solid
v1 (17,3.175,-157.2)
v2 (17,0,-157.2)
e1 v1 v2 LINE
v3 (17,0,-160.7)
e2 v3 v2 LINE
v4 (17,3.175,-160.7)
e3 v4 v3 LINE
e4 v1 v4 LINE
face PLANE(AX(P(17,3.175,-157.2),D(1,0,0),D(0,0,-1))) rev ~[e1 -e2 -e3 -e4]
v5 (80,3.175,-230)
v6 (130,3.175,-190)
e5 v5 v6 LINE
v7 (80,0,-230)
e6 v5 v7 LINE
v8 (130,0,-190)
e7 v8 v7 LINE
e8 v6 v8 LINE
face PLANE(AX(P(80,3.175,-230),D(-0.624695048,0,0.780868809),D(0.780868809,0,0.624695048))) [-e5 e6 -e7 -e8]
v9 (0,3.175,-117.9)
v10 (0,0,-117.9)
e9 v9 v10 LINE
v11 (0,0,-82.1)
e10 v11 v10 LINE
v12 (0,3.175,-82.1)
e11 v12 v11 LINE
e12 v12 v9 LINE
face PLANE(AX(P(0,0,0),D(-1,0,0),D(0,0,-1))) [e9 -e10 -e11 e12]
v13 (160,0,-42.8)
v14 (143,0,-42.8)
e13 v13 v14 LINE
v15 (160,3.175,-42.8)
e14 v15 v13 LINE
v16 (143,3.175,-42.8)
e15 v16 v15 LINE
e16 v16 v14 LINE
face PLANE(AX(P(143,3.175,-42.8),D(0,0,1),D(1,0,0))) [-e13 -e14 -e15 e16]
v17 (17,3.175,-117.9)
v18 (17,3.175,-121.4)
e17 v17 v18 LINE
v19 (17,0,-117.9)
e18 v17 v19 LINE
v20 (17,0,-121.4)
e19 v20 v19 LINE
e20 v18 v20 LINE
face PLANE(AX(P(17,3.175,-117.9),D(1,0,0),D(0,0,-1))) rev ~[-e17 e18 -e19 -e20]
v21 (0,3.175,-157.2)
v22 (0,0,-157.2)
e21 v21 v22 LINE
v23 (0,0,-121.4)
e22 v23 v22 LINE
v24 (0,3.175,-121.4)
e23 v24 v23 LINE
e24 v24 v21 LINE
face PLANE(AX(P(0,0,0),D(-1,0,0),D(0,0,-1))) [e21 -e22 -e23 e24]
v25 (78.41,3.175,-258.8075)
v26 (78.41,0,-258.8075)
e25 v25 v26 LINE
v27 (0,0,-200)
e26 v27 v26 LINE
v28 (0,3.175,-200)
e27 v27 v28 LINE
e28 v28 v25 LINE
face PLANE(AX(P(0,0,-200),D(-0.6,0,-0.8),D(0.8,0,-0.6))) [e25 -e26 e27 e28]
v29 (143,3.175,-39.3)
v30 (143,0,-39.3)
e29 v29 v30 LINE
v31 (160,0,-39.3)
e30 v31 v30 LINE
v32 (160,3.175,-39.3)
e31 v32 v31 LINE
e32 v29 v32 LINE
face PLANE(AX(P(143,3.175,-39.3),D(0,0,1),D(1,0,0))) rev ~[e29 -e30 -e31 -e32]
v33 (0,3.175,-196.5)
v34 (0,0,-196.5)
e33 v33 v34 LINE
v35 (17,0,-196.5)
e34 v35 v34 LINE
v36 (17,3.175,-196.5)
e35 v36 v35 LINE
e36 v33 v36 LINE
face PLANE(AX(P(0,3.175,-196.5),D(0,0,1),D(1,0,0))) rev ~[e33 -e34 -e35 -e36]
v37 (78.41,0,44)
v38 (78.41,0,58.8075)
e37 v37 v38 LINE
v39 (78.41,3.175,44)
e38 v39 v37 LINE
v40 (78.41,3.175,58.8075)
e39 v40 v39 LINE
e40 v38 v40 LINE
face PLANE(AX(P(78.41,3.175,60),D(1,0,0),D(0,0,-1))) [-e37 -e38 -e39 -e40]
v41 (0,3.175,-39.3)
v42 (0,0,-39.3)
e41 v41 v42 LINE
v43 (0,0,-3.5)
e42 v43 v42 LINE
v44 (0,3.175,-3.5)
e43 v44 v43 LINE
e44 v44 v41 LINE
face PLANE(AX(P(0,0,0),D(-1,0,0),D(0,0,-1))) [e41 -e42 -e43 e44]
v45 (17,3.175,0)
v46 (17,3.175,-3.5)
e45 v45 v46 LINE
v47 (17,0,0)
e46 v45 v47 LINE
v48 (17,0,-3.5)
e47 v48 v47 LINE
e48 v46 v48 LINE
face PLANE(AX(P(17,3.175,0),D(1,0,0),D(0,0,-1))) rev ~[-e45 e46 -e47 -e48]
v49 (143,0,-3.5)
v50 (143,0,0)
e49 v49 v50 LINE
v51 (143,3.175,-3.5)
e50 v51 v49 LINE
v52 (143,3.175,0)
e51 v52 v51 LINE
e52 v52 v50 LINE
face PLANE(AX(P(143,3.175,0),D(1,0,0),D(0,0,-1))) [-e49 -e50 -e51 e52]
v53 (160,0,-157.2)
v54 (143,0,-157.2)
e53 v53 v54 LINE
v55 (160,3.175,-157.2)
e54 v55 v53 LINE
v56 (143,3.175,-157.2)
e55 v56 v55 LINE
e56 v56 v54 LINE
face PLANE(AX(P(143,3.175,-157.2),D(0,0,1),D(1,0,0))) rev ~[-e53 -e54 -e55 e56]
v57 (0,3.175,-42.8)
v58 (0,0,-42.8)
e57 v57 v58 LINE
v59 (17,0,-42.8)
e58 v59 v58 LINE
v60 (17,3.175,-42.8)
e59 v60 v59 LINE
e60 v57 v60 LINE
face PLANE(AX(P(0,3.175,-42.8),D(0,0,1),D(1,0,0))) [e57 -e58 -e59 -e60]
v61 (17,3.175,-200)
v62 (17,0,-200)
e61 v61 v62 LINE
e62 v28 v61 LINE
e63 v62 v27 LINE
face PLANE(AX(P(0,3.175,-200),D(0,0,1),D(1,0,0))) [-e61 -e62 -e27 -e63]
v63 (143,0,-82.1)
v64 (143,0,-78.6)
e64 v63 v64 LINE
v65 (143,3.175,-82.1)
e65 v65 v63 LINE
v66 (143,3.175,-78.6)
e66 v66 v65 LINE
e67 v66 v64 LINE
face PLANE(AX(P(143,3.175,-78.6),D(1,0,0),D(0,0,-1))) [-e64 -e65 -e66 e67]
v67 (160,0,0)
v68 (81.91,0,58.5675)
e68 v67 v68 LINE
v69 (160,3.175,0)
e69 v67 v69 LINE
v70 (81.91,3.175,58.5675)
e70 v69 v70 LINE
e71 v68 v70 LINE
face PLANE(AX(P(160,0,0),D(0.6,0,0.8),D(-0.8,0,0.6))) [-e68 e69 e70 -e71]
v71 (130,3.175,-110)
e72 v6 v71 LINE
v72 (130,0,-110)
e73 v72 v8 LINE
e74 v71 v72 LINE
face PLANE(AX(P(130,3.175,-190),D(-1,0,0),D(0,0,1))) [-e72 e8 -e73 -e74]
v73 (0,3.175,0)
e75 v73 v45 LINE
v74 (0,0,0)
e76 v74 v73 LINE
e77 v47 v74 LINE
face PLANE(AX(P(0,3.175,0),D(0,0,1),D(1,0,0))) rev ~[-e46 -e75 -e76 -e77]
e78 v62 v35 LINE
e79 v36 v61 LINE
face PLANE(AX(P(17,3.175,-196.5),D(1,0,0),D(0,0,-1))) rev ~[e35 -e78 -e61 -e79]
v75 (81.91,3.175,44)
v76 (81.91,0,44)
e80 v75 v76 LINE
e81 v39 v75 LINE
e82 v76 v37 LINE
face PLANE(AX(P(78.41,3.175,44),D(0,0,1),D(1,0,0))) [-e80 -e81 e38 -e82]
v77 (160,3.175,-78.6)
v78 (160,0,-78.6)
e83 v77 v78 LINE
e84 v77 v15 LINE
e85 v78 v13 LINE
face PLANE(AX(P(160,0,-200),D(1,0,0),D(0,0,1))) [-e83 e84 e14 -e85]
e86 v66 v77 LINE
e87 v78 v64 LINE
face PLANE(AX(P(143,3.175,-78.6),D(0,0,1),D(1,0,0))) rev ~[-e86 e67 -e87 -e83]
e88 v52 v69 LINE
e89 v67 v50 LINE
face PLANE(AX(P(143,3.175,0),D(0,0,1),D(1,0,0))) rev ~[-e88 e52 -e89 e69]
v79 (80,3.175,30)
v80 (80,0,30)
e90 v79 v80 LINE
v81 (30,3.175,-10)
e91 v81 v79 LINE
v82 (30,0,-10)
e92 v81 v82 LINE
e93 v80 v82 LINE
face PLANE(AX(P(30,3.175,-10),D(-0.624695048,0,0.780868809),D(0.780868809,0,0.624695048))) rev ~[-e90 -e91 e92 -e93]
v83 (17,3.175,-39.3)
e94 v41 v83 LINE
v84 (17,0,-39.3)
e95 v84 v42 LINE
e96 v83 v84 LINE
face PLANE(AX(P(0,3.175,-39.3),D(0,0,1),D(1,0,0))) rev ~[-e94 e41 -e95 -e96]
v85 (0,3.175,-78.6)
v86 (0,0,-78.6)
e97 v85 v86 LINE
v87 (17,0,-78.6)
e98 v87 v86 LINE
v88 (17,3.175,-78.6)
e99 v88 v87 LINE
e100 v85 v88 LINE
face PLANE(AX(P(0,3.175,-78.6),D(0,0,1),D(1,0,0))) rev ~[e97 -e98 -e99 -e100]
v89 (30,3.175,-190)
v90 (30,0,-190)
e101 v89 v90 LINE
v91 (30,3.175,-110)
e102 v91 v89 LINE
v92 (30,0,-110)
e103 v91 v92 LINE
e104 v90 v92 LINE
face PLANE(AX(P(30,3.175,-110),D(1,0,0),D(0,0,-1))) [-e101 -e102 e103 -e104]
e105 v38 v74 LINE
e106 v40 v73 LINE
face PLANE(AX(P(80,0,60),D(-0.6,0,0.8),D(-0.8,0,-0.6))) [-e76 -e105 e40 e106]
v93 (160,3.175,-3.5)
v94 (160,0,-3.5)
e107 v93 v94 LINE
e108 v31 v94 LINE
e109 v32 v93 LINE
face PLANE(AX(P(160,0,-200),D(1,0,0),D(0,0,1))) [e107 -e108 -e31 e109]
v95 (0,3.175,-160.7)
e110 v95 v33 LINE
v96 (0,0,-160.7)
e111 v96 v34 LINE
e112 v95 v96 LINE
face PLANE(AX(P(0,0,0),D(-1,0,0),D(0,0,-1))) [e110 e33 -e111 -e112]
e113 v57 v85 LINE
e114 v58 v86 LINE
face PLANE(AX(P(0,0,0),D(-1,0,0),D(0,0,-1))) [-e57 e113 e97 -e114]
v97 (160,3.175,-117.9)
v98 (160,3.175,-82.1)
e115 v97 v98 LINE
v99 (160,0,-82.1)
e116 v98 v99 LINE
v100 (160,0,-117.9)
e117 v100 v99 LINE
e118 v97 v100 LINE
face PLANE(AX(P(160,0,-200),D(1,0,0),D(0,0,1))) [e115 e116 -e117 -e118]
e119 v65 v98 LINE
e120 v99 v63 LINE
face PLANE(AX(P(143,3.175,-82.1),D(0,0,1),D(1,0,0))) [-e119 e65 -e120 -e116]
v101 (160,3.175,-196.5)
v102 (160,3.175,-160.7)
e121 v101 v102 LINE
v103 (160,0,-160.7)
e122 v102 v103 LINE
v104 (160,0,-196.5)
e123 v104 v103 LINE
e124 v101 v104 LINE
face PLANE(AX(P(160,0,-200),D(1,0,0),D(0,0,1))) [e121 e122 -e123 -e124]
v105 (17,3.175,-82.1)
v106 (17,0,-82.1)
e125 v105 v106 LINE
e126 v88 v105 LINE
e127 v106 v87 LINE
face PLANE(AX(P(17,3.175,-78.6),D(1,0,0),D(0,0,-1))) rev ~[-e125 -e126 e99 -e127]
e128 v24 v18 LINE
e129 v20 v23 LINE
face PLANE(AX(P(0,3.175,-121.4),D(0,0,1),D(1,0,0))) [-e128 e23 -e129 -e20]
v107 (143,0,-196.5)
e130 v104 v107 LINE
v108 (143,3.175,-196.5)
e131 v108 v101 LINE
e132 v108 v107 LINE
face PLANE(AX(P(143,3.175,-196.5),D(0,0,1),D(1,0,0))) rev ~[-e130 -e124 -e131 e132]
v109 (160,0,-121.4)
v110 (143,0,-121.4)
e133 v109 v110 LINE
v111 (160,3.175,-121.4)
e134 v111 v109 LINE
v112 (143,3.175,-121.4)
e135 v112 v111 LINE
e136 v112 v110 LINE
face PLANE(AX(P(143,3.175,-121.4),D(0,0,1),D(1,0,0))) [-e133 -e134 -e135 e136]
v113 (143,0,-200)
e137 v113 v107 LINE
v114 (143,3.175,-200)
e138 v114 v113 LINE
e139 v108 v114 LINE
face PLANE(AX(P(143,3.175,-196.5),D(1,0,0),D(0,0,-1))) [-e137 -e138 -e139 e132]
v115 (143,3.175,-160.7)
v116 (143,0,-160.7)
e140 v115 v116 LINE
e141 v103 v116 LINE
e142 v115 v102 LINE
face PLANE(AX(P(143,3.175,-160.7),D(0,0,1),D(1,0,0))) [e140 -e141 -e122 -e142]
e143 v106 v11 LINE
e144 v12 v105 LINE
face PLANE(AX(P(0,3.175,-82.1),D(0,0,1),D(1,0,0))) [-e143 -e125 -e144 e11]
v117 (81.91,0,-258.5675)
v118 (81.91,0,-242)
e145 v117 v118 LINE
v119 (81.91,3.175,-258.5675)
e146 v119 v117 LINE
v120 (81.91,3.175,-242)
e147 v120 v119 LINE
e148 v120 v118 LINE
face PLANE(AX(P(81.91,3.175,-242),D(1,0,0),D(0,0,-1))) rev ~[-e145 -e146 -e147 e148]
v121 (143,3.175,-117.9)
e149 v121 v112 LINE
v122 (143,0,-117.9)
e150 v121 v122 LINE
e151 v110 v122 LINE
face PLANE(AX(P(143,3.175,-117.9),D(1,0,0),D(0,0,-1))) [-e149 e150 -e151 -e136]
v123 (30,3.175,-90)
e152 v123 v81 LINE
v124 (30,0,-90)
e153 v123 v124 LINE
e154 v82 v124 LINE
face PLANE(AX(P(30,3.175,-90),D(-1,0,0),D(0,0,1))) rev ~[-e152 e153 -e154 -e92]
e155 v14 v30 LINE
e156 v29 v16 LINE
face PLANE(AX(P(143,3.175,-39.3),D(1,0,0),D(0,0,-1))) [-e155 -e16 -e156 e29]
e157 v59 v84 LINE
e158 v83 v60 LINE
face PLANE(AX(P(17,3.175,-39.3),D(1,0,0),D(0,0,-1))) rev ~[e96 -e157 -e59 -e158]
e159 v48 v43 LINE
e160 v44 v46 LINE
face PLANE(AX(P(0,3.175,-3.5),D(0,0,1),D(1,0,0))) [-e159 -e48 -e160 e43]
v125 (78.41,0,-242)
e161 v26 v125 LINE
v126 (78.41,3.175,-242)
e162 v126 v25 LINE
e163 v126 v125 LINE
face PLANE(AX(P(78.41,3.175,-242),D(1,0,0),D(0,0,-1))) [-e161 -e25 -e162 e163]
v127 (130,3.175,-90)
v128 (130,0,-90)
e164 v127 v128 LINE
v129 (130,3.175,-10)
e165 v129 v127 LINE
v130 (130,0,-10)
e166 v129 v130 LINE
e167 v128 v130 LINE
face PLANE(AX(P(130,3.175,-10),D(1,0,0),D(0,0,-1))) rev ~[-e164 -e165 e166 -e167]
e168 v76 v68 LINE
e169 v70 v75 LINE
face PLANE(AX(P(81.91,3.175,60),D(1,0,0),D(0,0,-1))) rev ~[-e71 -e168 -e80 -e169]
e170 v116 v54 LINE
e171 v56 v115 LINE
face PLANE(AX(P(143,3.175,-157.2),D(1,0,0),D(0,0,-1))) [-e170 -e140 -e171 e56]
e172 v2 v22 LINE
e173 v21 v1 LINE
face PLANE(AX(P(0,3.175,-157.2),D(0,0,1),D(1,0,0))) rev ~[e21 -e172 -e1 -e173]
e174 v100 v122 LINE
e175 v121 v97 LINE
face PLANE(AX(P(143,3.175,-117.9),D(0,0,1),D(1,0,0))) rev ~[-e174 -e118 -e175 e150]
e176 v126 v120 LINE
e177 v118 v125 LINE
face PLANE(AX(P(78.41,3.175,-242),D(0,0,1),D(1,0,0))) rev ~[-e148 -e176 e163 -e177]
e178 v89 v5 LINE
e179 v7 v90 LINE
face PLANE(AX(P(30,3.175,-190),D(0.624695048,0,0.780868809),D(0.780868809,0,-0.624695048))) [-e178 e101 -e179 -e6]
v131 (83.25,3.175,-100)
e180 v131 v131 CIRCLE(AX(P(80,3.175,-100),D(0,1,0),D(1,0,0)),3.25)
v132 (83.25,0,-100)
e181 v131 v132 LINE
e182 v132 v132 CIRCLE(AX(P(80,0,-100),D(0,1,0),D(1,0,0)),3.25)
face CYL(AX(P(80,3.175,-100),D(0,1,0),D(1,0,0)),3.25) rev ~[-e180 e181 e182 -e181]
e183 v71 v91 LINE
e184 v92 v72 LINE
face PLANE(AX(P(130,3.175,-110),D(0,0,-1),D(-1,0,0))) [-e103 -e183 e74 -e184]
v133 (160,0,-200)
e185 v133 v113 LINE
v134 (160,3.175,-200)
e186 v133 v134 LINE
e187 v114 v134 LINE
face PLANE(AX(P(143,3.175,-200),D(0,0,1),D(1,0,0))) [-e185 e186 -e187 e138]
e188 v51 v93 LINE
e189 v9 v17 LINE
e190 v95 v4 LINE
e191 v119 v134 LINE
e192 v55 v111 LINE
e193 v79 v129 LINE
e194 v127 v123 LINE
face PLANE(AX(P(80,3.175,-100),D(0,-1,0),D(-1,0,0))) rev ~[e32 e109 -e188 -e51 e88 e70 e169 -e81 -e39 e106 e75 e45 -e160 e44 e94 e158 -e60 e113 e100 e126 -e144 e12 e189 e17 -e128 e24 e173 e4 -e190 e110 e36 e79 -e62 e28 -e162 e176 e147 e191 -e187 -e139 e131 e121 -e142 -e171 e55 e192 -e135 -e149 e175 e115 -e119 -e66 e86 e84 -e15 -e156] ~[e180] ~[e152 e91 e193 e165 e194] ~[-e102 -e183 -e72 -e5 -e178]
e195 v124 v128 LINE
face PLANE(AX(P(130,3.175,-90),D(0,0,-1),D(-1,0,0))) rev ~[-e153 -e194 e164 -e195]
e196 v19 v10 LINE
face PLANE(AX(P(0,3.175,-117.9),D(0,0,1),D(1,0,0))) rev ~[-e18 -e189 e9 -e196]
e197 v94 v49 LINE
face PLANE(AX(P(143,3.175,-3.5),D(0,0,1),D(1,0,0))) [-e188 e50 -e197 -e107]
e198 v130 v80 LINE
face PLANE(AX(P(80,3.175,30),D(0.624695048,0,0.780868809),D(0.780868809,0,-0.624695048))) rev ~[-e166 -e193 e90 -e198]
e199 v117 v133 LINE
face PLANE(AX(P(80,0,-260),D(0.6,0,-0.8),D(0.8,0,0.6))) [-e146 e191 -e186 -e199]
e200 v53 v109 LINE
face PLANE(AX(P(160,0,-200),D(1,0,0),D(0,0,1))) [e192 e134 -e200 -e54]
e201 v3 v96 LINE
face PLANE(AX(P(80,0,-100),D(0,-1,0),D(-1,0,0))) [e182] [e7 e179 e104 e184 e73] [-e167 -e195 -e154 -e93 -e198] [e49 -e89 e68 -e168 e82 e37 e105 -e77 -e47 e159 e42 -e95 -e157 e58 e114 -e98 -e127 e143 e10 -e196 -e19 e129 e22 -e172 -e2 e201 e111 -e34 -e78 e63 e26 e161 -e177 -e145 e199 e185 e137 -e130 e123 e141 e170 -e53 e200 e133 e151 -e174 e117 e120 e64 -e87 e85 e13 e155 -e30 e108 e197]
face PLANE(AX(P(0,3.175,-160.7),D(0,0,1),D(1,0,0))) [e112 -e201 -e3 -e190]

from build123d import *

# Parameters (mm, degrees)
BOSS_EXTRUDE1_DEPTH = 3.175
SKETCH3_R           = 3.25
SKETCH3_W           = 17
SKETCH3_H           = 3.5
CUT_EXTRUDE1_DEPTH  = 4.175
SKETCH4_W           = 3.5
SKETCH4_H           = 18
SKETCH4_H_2         = 16
CUT_EXTRUDE2_DEPTH  = 4.175


with BuildPart() as part:
    # Sketch2 → Boss-Extrude1 (new body)
    with BuildSketch(Plane(origin=(0, 0, 0), x_dir=(1, 0, 0), z_dir=(0, 1, 0))):
        Polygon((0, 200), (80, 260), (160, 200), (160, 0), (80, -60), (0, 0), align=None)
    extrude(amount=BOSS_EXTRUDE1_DEPTH)

    # Sketch3 → Cut-Extrude1 (cut, through all)
    with BuildSketch(Plane(origin=(0, 3.175, 0), x_dir=(1, 0, 0), z_dir=(0, 1, 0))):
        with Locations((80, 100)):
            Circle(SKETCH3_R)
        Polygon((30, 190), (80, 230), (130, 190), (130, 110), (30, 110), align=None)
        with Locations((8.5, 158.95)):
            Rectangle(SKETCH3_W, SKETCH3_H)
        Polygon((30, 90), (30, 10), (80, -30), (130, 10), (130, 90), align=None)
        with Locations((8.5, 198.25)):
            Rectangle(SKETCH3_W, SKETCH3_H)
        with Locations((8.5, 119.65)):
            Rectangle(SKETCH3_W, SKETCH3_H)
        with Locations((8.5, 80.35)):
            Rectangle(SKETCH3_W, SKETCH3_H)
        with Locations((8.5, 41.05)):
            Rectangle(SKETCH3_W, SKETCH3_H)
        with Locations((8.5, 1.75)):
            Rectangle(SKETCH3_W, SKETCH3_H)
        with Locations((151.5, 1.75)):
            Rectangle(SKETCH3_W, SKETCH3_H)
        with Locations((151.5, 41.05)):
            Rectangle(SKETCH3_W, SKETCH3_H)
        with Locations((151.5, 80.35)):
            Rectangle(SKETCH3_W, SKETCH3_H)
        with Locations((151.5, 119.65)):
            Rectangle(SKETCH3_W, SKETCH3_H)
        with Locations((151.5, 158.95)):
            Rectangle(SKETCH3_W, SKETCH3_H)
        with Locations((151.5, 198.25)):
            Rectangle(SKETCH3_W, SKETCH3_H)
    extrude(amount=-CUT_EXTRUDE1_DEPTH, mode=Mode.SUBTRACT)

    # Sketch4 → Cut-Extrude2 (cut, through all)
    with BuildSketch(Plane(origin=(0, 3.175, 0), x_dir=(1, 0, 0), z_dir=(0, 1, 0))):
        with Locations((80.16, 251)):
            Rectangle(SKETCH4_W, SKETCH4_H)
        with Locations((80.16, -52)):
            Rectangle(SKETCH4_W, SKETCH4_H_2)
    extrude(amount=-CUT_EXTRUDE2_DEPTH, mode=Mode.SUBTRACT)


solid = part.part
